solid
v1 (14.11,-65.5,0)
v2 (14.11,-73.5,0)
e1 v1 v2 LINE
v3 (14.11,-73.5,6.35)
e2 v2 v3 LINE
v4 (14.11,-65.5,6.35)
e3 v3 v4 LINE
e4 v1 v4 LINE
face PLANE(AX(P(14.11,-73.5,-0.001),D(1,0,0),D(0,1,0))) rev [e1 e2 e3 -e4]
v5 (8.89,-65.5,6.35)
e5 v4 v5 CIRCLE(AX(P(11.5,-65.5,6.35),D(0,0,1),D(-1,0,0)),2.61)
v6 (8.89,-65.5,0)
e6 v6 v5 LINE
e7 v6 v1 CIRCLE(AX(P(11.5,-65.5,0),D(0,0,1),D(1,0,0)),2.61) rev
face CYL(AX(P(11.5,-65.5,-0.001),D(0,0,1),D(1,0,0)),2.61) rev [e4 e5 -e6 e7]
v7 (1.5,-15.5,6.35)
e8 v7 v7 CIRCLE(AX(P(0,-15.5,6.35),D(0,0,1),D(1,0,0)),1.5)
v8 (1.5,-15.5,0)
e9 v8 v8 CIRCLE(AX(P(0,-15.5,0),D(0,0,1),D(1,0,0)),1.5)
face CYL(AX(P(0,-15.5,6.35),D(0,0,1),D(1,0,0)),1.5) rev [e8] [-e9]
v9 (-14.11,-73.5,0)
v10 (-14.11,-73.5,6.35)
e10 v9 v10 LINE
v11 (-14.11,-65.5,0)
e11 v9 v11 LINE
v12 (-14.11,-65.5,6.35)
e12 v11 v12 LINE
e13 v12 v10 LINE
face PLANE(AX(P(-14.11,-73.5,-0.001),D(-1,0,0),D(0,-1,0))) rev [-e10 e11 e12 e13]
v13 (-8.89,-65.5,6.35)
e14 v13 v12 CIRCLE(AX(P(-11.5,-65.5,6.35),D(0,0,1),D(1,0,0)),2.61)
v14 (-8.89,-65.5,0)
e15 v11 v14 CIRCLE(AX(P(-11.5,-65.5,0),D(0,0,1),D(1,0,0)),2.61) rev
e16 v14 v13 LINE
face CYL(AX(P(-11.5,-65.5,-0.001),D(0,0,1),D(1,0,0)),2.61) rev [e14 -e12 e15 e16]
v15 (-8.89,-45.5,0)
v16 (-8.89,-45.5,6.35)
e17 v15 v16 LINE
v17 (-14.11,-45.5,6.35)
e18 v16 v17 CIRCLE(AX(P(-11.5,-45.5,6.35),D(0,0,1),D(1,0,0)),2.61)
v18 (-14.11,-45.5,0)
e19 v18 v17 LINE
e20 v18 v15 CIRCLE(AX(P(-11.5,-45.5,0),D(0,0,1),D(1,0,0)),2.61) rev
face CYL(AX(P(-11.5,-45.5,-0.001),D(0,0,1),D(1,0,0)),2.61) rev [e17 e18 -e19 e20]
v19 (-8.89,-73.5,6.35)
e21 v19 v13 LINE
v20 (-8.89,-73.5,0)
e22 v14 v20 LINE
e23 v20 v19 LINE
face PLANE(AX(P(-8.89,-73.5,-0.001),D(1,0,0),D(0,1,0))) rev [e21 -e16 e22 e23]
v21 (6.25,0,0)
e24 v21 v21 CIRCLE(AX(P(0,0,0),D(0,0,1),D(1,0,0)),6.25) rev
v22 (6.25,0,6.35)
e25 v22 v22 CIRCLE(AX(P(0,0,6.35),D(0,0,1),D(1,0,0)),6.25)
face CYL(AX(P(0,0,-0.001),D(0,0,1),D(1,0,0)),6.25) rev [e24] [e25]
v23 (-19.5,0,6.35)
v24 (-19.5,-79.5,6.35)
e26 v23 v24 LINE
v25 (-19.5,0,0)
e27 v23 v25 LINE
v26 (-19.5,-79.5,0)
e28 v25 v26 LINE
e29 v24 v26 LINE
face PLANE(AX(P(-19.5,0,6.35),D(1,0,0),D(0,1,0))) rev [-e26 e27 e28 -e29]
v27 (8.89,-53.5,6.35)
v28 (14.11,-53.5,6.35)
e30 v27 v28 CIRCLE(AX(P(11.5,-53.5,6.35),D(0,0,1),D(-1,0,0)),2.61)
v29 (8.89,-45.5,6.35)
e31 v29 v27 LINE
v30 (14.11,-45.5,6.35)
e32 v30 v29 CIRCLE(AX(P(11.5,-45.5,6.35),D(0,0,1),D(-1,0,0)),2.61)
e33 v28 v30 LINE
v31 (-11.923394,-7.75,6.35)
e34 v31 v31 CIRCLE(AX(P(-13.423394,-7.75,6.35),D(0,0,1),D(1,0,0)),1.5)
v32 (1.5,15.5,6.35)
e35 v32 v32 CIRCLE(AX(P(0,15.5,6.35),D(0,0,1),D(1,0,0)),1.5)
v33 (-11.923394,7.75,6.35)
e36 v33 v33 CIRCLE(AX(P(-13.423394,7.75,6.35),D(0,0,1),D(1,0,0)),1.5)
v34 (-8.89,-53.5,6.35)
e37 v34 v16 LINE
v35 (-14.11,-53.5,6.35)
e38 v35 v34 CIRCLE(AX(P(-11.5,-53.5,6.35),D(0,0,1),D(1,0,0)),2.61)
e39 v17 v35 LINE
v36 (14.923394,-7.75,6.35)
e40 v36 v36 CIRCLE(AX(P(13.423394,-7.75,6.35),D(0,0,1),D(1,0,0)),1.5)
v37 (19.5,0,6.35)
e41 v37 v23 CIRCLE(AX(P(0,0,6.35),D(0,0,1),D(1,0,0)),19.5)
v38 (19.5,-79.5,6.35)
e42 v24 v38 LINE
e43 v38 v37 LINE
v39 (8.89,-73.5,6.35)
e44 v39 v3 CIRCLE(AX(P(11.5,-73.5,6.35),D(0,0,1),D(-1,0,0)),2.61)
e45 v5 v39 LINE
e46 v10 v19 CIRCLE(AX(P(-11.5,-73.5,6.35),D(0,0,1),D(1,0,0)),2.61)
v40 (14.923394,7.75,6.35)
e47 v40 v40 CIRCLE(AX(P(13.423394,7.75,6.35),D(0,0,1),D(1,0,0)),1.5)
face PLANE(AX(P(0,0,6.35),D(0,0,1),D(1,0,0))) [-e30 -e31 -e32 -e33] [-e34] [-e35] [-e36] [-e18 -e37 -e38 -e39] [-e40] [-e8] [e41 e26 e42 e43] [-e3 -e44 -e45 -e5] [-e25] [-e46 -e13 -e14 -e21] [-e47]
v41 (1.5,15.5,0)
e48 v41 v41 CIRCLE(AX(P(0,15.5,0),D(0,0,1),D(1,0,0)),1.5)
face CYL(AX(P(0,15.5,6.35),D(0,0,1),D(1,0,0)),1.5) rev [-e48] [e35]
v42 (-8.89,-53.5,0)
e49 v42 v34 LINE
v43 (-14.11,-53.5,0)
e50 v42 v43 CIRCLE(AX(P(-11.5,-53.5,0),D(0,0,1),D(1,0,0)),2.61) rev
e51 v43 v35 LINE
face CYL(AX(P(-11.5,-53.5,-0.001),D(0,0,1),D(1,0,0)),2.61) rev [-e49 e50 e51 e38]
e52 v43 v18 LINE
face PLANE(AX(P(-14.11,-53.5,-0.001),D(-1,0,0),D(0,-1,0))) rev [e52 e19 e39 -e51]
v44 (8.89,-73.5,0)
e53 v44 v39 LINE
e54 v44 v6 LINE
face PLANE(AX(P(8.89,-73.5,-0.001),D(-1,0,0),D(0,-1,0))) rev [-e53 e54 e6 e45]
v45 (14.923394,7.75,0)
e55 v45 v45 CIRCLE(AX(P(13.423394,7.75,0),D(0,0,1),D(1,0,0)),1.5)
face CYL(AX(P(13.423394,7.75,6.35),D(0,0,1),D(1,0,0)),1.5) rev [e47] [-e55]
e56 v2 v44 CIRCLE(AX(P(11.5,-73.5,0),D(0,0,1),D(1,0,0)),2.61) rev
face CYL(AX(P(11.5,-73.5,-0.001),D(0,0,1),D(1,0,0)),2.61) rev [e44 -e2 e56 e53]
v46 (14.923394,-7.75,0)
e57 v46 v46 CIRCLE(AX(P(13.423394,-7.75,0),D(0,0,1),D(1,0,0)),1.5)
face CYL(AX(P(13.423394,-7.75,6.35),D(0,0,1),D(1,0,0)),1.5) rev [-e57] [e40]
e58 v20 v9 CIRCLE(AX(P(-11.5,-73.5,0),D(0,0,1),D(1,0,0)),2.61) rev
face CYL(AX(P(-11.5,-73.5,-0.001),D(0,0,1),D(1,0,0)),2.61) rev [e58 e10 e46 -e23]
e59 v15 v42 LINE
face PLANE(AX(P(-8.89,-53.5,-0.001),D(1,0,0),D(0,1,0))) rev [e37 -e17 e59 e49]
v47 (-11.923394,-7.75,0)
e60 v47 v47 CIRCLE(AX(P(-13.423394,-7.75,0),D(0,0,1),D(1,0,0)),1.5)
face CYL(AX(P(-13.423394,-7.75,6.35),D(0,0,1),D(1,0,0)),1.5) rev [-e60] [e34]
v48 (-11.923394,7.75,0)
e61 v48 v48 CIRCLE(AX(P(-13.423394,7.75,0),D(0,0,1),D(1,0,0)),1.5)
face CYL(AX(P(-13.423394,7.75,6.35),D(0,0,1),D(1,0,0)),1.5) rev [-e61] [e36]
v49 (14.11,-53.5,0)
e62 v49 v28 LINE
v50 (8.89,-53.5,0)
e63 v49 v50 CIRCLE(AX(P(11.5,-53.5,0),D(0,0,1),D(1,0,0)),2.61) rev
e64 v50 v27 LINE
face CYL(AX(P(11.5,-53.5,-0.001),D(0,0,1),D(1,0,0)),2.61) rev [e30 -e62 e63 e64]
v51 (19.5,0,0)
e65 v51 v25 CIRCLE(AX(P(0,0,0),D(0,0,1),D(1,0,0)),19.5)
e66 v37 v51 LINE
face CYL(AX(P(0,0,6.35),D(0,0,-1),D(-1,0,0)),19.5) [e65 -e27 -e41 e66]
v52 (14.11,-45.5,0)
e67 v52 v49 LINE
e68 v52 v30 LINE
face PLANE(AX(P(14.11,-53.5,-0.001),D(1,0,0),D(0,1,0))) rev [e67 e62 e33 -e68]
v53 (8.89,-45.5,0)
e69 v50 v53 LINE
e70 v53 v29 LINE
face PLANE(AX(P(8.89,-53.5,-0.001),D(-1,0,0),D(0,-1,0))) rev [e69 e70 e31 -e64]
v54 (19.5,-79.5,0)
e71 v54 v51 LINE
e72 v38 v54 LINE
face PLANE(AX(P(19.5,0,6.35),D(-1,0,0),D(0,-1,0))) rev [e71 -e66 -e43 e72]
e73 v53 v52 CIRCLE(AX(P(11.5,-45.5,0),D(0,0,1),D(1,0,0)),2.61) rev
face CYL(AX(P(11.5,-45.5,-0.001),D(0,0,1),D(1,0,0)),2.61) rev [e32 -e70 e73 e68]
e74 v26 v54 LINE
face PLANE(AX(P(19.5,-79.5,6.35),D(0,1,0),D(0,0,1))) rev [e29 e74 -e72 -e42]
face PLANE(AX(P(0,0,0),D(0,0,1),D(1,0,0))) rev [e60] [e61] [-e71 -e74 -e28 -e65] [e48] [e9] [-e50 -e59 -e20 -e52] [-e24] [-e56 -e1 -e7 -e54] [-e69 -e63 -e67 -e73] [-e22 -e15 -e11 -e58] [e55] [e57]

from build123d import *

# Parameters (mm, degrees)
BOSS_EXTRUDE1_DEPTH             = 6.35
CUT_EXTRUDE1_REACH              = 84.103
CUT_EXTRUDE2_REACH              = 84.103
SKETCH3_R                       = 6.25
F_3_0MM_CLEARANCE_DOWEL_HOLE1_D = 3
CIRPATTERN1_COUNT               = 6


with BuildPart() as part:
    # Sketch1 → Boss-Extrude1 (new body)
    with BuildSketch(Plane.XY):
        with BuildLine():
            Line((19.5, 0), (19.5, -79.5))
            Line((19.5, -79.5), (-19.5, -79.5))
            Line((-19.5, -79.5), (-19.5, 0))
            ThreePointArc((-19.5, 0), (0, 19.5), (19.5, 0))
        make_face()
    extrude(amount=BOSS_EXTRUDE1_DEPTH)

    # Sketch2 → Cut-Extrude1 (cut, up to next)
    with BuildSketch(Plane.XY.offset(6.35), mode=Mode.PRIVATE) as cut_extrude1_sk1:
        with BuildLine():
            Line((-14.11, -73.5), (-14.11, -65.5))
            ThreePointArc((-14.11, -65.5), (-11.5, -62.89), (-8.89, -65.5))
            Line((-8.89, -65.5), (-8.89, -73.5))
            ThreePointArc((-8.89, -73.5), (-11.5, -76.11), (-14.11, -73.5))
        make_face()
    cut_extrude1_tool1 = extrude(cut_extrude1_sk1.sketch, amount=-CUT_EXTRUDE1_REACH, mode=Mode.PRIVATE) & part.part
    # Sketch2 → Cut-Extrude1 (cut, up to next)
    with BuildSketch(Plane.XY.offset(6.35), mode=Mode.PRIVATE) as cut_extrude1_sk2:
        with BuildLine():
            Line((-14.11, -53.5), (-14.11, -45.5))
            ThreePointArc((-14.11, -45.5), (-11.5, -42.89), (-8.89, -45.5))
            Line((-8.89, -45.5), (-8.89, -53.5))
            ThreePointArc((-8.89, -53.5), (-11.5, -56.11), (-14.11, -53.5))
        make_face()
    cut_extrude1_tool2 = extrude(cut_extrude1_sk2.sketch, amount=-CUT_EXTRUDE1_REACH, mode=Mode.PRIVATE) & part.part
    # Sketch2 → Cut-Extrude1 (cut, up to next)
    with BuildSketch(Plane.XY.offset(6.35), mode=Mode.PRIVATE) as cut_extrude1_sk3:
        with BuildLine():
            Line((14.11, -73.5), (14.11, -65.5))
            ThreePointArc((14.11, -65.5), (11.5, -62.89), (8.89, -65.5))
            Line((8.89, -65.5), (8.89, -73.5))
            ThreePointArc((8.89, -73.5), (11.5, -76.11), (14.11, -73.5))
        make_face()
    cut_extrude1_tool3 = extrude(cut_extrude1_sk3.sketch, amount=-CUT_EXTRUDE1_REACH, mode=Mode.PRIVATE) & part.part
    # Sketch2 → Cut-Extrude1 (cut, up to next)
    with BuildSketch(Plane.XY.offset(6.35), mode=Mode.PRIVATE) as cut_extrude1_sk4:
        with BuildLine():
            Line((14.11, -53.5), (14.11, -45.5))
            ThreePointArc((14.11, -45.5), (11.5, -42.89), (8.89, -45.5))
            Line((8.89, -45.5), (8.89, -53.5))
            ThreePointArc((8.89, -53.5), (11.5, -56.11), (14.11, -53.5))
        make_face()
    cut_extrude1_tool4 = extrude(cut_extrude1_sk4.sketch, amount=-CUT_EXTRUDE1_REACH, mode=Mode.PRIVATE) & part.part
    add(cut_extrude1_tool1.solids().sort_by_distance((-11.5, -69.5, 6.35))[0], mode=Mode.SUBTRACT)
    add(cut_extrude1_tool2.solids().sort_by_distance((-11.5, -49.5, 6.35))[0], mode=Mode.SUBTRACT)
    add(cut_extrude1_tool3.solids().sort_by_distance((11.5, -69.5, 6.35))[0], mode=Mode.SUBTRACT)
    add(cut_extrude1_tool4.solids().sort_by_distance((11.5, -49.5, 6.35))[0], mode=Mode.SUBTRACT)

    # Sketch3 → Cut-Extrude2 (cut, up to next)
    with BuildSketch(Plane.XY.offset(6.35), mode=Mode.PRIVATE) as cut_extrude2_sk1:
        Circle(SKETCH3_R)
    cut_extrude2_tool1 = extrude(cut_extrude2_sk1.sketch, amount=-CUT_EXTRUDE2_REACH, mode=Mode.PRIVATE) & part.part
    add(cut_extrude2_tool1.solids().sort_by_distance((0, 0, 6.35))[0], mode=Mode.SUBTRACT)

    # Ø3.0mm Clearance Dowel Hole1 (through all)
    with Locations(Plane(origin=(0, 15.5, 6.35), x_dir=(1, 0, 0), z_dir=(0, 0, 1))):
        with Locations((0, 0)):
            f_3_0mm_clearance_dowel_hole1 = Hole(F_3_0MM_CLEARANCE_DOWEL_HOLE1_D / 2)

    # CirPattern1: Ø3.0mm Clearance Dowel Hole1 ×6 about axis
    cirpattern1_axis = Axis((0, 0, 0), (0, 0, 1))
    for i in range(1, CIRPATTERN1_COUNT):
        add(f_3_0mm_clearance_dowel_hole1.rotate(cirpattern1_axis, i * 360 / CIRPATTERN1_COUNT), mode=Mode.SUBTRACT)


solid = part.part
